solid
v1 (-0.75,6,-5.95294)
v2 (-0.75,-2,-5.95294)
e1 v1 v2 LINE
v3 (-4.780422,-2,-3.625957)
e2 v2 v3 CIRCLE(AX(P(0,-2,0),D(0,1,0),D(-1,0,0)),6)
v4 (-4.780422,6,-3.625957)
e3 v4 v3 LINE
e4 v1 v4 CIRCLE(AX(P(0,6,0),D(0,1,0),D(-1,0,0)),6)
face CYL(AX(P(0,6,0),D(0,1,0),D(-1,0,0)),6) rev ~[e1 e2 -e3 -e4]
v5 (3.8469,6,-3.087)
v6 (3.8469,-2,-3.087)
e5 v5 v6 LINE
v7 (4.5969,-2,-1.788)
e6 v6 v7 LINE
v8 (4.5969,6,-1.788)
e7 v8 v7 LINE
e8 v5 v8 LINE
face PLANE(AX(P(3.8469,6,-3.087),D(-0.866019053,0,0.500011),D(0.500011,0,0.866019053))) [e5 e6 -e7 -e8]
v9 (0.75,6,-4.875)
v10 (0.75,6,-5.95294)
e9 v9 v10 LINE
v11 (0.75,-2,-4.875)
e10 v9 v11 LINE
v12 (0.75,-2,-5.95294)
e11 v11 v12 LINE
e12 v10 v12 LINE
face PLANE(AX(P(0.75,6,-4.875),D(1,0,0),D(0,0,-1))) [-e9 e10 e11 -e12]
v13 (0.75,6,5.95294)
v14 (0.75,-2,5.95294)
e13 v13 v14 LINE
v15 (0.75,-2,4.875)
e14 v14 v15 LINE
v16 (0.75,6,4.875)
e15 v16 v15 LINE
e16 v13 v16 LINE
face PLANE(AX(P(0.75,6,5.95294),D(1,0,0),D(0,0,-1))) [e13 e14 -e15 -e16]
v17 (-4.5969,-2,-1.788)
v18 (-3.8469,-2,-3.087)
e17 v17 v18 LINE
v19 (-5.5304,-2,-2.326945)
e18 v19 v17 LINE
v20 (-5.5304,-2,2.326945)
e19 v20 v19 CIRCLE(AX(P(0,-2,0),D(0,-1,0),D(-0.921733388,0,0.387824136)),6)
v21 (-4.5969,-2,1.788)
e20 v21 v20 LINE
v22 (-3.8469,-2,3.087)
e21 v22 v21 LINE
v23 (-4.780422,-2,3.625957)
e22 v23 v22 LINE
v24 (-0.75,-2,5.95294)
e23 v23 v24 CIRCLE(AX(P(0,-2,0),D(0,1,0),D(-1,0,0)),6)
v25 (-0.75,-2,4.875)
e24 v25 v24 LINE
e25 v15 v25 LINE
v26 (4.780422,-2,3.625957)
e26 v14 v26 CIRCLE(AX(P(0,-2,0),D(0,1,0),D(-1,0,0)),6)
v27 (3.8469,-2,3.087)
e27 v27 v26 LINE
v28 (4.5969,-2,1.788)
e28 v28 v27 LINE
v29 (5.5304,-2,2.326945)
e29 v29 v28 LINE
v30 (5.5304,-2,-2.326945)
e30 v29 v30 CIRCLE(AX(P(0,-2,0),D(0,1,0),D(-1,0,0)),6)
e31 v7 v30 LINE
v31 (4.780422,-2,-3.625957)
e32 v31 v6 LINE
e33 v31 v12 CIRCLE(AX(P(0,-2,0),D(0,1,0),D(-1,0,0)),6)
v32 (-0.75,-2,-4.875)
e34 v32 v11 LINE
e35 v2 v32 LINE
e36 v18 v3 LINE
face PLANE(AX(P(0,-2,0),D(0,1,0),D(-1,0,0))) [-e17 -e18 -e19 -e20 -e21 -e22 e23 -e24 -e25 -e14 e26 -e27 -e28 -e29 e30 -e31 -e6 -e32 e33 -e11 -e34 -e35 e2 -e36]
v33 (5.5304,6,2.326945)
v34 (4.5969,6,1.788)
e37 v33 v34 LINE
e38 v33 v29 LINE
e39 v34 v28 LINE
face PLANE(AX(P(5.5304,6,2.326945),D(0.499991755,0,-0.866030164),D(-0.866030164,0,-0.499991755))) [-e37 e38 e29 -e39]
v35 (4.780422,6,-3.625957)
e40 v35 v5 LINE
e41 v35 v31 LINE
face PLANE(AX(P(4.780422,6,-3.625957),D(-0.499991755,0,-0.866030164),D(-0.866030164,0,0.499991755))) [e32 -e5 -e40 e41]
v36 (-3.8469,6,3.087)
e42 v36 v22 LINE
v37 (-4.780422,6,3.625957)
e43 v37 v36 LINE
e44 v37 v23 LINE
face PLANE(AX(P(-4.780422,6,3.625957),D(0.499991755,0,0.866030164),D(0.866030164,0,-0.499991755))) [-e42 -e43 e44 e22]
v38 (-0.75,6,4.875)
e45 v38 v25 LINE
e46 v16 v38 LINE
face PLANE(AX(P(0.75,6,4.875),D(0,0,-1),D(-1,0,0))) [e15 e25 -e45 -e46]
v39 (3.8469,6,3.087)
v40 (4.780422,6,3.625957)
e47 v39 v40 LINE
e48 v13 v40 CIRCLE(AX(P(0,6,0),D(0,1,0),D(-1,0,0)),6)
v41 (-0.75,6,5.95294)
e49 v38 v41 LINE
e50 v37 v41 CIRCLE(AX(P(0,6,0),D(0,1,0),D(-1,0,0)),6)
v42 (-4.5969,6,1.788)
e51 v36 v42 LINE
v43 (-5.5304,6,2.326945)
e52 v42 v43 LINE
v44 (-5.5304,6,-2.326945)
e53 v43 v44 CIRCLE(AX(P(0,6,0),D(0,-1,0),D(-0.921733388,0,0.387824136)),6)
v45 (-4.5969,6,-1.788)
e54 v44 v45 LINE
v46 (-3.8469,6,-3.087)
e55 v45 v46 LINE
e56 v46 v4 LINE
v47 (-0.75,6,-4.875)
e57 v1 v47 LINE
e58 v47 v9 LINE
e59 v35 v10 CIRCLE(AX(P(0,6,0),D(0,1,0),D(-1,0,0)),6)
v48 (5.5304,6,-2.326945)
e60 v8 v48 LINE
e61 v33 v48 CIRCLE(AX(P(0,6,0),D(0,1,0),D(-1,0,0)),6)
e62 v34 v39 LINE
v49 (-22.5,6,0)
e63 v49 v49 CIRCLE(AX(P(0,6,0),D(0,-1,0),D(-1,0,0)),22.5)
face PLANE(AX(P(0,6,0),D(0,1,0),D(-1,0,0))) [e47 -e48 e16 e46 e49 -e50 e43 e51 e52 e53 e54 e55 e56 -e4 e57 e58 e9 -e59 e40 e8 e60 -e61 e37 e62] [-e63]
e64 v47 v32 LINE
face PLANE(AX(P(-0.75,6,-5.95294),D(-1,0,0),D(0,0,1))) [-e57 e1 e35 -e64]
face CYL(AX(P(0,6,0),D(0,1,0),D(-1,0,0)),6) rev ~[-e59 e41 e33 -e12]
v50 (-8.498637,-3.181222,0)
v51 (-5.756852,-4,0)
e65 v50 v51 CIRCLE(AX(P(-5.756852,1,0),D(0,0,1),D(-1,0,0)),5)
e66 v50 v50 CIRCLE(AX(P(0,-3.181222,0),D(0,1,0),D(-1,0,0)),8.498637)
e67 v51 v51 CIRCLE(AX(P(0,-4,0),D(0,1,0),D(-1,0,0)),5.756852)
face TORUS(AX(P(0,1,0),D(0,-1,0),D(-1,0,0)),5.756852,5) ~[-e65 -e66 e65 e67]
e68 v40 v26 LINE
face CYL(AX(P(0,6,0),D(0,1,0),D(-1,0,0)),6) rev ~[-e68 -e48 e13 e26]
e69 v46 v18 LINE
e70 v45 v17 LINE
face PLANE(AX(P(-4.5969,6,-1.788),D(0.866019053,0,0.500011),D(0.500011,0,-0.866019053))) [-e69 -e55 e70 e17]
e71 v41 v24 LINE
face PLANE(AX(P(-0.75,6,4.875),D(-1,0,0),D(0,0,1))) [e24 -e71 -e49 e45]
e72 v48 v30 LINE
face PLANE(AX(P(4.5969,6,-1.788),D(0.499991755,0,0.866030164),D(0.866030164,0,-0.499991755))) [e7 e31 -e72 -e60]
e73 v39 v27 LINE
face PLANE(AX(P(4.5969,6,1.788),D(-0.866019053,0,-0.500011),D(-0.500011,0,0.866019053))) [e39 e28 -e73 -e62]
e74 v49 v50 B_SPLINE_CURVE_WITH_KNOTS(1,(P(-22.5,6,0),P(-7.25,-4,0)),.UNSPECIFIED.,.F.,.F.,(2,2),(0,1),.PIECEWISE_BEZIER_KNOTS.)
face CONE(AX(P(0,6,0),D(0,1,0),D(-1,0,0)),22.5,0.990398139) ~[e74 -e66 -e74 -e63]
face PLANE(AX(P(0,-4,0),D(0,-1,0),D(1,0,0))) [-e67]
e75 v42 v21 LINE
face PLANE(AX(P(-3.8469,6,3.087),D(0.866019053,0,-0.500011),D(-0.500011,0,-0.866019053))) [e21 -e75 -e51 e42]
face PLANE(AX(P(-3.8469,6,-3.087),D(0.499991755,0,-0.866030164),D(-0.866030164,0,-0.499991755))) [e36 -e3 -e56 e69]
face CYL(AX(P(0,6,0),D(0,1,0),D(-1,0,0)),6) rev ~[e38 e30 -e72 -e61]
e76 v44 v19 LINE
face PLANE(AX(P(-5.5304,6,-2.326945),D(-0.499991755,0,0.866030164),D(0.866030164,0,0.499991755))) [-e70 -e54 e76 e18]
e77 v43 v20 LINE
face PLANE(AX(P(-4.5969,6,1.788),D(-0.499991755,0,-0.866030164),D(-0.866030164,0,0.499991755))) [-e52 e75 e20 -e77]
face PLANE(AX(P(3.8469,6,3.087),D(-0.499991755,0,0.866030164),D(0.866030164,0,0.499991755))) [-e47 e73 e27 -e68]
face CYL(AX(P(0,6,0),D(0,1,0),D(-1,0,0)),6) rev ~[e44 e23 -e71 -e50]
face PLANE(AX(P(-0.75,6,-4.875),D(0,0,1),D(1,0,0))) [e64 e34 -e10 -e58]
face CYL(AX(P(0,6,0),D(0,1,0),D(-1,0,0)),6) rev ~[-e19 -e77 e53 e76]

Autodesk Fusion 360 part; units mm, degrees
sketch "Sketch1" plane through (0, 0, 0) normal (0, 1, 0) x (1, 0, 0)
  circle A0 centre (0, 0) radius 5.25
  circle A1 centre (0, 0) radius 7.25
  dimension "d1" = 10.5
  dimension "d2" = 2
extrude "Extrude1" add sketch "Sketch1" along normal blind 6
sketch "Sketch2" plane through (0, 0, 0) normal (0, -1, 0) x (1, 0, 0)
  circle A0 centre (0, 0) radius 5.25
  circle A1 centre (0, 0) radius 7.25
  circle A2 centre (0, 0) radius 7.25
extrude "Extrude2" add sketch "Sketch2" along normal blind 4 contours A0 | A1 A2
sketch "Sketch3" plane through (0, 6, 0) normal (0, 1, 0) x (-1, 0, 0)
  circle A0 centre (0, 0) radius 5.25
  circle A1 centre (0, 0) radius 7.25
  circle A2 centre (0, 0) radius 7.25
  circle A3 centre (0, 0) radius 22.5
  dimension "d7" = 45
loft "Loft1" add profiles "Sketch3" section 1 contours A3 section 2 face at (1.965, -4, -0.3602)
sketch "Sketch4" plane through (0, 6, 0) normal (0, 1, 0) x (-1, 0, 0)
  circle A0 centre (0, 0) radius 22.5
  circle A1 centre (0, 0) radius 4.875 construction
  circle A2 centre (0, 0) radius 6
  line L0 (0, 0) -> (0, -6) construction
  line L1 (-0.75, -6) -> (0.75, -6)
  line L2 (0.75, -6) -> (0.75, -4.875)
  line L3 (0.75, -4.875) -> (-0.75, -4.875)
  line L4 (-0.75, -4.875) -> (-0.75, -6)
  line L5 (-0.75, -6) -> (0.75, -4.875) construction
  line L6 (0.75, -6) -> (-0.75, -4.875) construction
  line L7 (5.5712, -2.3505) -> (4.5969, -1.788)
  line L8 (4.5969, -1.788) -> (3.8469, -3.087)
  line L9 (3.8469, -3.087) -> (4.8212, -3.6495)
  line L10 (4.8212, -3.6495) -> (5.5712, -2.3505)
  line L11 (4.8212, 3.6495) -> (3.8469, 3.087)
  line L12 (3.8469, 3.087) -> (4.5969, 1.788)
  line L13 (4.5969, 1.788) -> (5.5712, 2.3505)
  line L14 (5.5712, 2.3505) -> (4.8212, 3.6495)
  line L15 (-0.75, 6) -> (-0.75, 4.875)
  line L16 (-0.75, 4.875) -> (0.75, 4.875)
  line L17 (0.75, 4.875) -> (0.75, 6)
  line L18 (0.75, 6) -> (-0.75, 6)
  line L19 (-5.5712, 2.3505) -> (-4.5969, 1.788)
  line L20 (-4.5969, 1.788) -> (-3.8469, 3.087)
  line L21 (-3.8469, 3.087) -> (-4.8212, 3.6495)
  line L22 (-4.8212, 3.6495) -> (-5.5712, 2.3505)
  line L23 (-4.8212, -3.6495) -> (-3.8469, -3.087)
  line L24 (-3.8469, -3.087) -> (-4.5969, -1.788)
  line L25 (-4.5969, -1.788) -> (-5.5712, -2.3505)
  line L26 (-5.5712, -2.3505) -> (-4.8212, -3.6495)
  point P0 (0, -5.4375)
  dimension "d8" = 9.75
  dimension "d9" = 12
  dimension "d10" = 1.5
  dimension "d12" = 360
extrude "Extrude3" cut sketch "Sketch4" against normal blind 8 contours A2 L2 L3 L4 L7 L8 L9 L11 L12 L13 L15 L16 L17 L19 L20 L21 L23 L24 L25
fillet "Fillet1" radius 5 1 edges at (-6.7594, -4, -2.6217)
